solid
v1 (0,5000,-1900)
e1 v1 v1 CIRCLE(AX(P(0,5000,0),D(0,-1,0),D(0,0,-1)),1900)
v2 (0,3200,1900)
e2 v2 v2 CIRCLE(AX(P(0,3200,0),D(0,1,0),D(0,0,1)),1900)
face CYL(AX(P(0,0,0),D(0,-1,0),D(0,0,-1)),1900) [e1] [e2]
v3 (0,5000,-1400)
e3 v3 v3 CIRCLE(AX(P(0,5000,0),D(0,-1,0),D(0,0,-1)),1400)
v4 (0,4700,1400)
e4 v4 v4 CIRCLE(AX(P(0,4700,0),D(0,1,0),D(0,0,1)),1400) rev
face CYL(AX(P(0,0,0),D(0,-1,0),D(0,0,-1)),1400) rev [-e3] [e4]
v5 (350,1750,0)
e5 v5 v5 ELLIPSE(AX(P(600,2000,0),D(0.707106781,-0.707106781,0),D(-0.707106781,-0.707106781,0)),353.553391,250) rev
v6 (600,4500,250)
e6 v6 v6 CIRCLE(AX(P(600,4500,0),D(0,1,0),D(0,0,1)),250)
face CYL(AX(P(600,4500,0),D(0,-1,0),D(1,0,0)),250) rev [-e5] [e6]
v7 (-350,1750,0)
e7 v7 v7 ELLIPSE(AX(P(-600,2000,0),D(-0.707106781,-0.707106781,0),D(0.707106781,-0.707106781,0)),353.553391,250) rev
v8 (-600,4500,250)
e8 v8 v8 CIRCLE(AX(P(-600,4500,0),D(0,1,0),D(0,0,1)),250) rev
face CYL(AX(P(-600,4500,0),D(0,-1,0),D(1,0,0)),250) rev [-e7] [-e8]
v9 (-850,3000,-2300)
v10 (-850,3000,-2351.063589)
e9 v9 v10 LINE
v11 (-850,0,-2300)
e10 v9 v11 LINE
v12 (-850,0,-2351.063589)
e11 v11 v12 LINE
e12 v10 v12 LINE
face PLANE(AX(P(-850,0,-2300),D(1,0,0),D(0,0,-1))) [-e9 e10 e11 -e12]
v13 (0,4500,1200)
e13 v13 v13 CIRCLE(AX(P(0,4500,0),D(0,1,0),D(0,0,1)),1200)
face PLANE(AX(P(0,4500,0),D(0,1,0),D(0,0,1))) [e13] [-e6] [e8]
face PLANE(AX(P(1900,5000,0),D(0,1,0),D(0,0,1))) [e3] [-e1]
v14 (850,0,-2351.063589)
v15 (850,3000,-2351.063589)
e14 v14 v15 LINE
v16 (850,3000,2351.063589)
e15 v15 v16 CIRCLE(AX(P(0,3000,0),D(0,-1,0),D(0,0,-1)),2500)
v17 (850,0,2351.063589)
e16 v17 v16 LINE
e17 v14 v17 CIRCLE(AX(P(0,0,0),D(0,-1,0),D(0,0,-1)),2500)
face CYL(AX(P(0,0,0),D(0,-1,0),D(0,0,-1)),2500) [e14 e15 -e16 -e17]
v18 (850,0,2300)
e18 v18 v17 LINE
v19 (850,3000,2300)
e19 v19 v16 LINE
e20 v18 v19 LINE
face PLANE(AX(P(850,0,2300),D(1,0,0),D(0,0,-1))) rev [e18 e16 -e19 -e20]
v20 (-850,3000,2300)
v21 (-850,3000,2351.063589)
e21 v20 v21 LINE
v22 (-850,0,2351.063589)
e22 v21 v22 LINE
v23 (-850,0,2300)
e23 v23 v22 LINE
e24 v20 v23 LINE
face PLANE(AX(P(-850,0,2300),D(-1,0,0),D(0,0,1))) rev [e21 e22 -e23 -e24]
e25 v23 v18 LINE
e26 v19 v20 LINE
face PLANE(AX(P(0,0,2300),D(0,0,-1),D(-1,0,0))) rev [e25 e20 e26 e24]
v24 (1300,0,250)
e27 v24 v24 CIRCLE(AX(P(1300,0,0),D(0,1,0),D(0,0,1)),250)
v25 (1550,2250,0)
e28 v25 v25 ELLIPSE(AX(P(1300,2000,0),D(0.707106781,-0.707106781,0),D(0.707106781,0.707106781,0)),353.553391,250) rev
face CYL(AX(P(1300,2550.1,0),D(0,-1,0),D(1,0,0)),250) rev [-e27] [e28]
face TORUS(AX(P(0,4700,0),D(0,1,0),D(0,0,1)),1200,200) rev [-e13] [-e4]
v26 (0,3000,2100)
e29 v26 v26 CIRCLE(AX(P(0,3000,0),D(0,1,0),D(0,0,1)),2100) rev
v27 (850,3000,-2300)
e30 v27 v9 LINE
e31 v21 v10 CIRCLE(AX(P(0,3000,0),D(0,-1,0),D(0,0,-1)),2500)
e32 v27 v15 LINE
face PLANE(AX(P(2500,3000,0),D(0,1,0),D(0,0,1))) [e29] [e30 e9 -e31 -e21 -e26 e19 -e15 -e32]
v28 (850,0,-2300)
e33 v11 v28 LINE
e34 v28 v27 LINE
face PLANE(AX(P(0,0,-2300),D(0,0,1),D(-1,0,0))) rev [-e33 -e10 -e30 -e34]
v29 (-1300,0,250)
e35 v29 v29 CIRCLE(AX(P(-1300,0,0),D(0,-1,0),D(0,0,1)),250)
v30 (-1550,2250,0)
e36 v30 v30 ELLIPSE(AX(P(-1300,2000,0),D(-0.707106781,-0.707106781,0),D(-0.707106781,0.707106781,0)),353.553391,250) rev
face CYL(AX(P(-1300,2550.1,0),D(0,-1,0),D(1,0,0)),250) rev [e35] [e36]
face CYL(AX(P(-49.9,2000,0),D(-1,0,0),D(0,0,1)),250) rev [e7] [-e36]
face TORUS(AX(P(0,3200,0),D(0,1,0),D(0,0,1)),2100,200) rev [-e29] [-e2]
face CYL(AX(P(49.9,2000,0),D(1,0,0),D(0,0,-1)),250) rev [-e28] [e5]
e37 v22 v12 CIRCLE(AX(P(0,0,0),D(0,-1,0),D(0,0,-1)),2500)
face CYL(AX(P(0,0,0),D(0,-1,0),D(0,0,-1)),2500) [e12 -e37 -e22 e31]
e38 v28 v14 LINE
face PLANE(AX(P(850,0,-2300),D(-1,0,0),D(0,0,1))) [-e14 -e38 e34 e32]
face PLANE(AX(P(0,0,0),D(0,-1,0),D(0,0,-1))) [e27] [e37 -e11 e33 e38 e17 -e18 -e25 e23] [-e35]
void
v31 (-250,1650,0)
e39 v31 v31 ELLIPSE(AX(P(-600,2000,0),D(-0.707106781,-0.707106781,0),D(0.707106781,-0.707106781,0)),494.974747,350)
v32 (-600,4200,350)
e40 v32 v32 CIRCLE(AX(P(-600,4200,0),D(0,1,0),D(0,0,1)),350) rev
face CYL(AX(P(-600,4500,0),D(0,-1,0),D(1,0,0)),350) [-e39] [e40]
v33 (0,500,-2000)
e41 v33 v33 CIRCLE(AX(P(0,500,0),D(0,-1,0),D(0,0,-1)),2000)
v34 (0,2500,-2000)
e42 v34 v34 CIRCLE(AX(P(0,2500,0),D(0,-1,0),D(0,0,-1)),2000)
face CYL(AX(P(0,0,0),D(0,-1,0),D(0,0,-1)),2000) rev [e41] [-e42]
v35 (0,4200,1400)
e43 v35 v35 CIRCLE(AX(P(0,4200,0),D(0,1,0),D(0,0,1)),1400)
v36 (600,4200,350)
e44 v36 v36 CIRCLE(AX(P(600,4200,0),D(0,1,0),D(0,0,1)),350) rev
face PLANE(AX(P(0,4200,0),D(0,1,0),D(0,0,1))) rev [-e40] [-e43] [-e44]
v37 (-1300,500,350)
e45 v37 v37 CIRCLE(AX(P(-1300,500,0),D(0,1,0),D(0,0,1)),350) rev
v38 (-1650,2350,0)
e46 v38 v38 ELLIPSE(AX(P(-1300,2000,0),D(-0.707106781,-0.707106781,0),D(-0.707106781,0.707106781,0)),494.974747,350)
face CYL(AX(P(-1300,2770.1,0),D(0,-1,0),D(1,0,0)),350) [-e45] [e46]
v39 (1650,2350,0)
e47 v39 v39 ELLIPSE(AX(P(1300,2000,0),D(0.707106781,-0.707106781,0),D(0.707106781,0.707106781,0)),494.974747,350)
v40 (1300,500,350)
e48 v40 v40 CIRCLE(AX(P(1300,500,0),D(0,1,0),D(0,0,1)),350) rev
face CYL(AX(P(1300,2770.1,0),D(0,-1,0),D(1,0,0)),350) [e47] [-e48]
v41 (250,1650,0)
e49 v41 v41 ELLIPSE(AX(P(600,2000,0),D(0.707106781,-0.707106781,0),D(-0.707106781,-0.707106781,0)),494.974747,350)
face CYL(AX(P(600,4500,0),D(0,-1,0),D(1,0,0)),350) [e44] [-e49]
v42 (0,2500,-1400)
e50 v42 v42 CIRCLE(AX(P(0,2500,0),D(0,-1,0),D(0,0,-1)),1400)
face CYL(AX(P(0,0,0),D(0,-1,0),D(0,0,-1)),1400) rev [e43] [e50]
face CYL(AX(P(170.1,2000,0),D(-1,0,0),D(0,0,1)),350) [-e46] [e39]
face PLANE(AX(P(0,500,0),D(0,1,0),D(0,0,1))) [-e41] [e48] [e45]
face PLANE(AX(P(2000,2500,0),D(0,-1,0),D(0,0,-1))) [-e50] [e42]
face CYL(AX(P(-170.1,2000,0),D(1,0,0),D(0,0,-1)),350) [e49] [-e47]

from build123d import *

# Parameters (mm, degrees)
BOSS_EXTRUDE1_START = -300
SKETCH2_R           = 1400
BOSS_EXTRUDE1_DEPTH = 300
SKETCH3_R           = 350
SKETCH3_R_2         = 250
SKETCH5_R           = 250
CUT_EXTRUDE1_DEPTH  = 5723.76157113
SKETCH6_R           = 250
CUT_EXTRUDE2_DEPTH  = 5490.990892524
SKETCH7_W           = 1700
SKETCH7_H           = 3000
CUT_EXTRUDE3_DEPTH  = 200
FILLET1_R           = 200


with BuildPart() as part:
    # Sketch1 → Revolve1 (revolve)
    with BuildSketch(Plane.XY, mode=Mode.PRIVATE) as revolve1_sk:
        Polygon((0, 0), (2500, 0), (2500, 3000), (1900, 3000), (1900, 5000), (1400, 5000), (1400, 2500), (2000, 2500), (2000, 500), (0, 500), align=None)
    revolve(revolve1_sk.sketch.rotate(Axis((0, 0, 0), (0, 1, 0)), 90), axis=Axis((0, 0, 0), (0, 1, 0)))

    # Sketch2 → Boss-Extrude1 (add)
    with BuildSketch(Plane(origin=(0, 4500, 0), x_dir=(1, 0, 0), z_dir=(0, 1, 0)).offset(BOSS_EXTRUDE1_START)):
        with Locations(Location((0, 0, 0), (0, 0, 90))):
            Circle(SKETCH2_R)
    extrude(amount=BOSS_EXTRUDE1_DEPTH)

    # Sweep1: sweep along a path in Sketch4
    with BuildLine(Plane.XY) as sweep1_path:
        Line((600, 4500), (600, 2000))
        Line((600, 2000), (1300, 2000))
        Line((1300, 2000), (1300, 0))
    # Sketch3 → Sweep1 (sweep)
    with BuildSketch(Plane(origin=(0, 4500, 0), x_dir=(1, 0, 0), z_dir=(0, 1, 0))):
        with Locations((600, 0)):
            Circle(SKETCH3_R)
        with Locations((600, 0)):
            Circle(SKETCH3_R_2, mode=Mode.SUBTRACT)
    sweep1 = sweep(path=sweep1_path.line, transition=Transition.RIGHT)

    # Sketch5 → Cut-Extrude1 (cut, through all)
    with BuildSketch(Plane(origin=(0, 500, 0), x_dir=(1, 0, 0), z_dir=(0, 1, 0))):
        with Locations((1300, 0)):
            Circle(SKETCH5_R)
    cut_extrude1 = extrude(amount=-CUT_EXTRUDE1_DEPTH, mode=Mode.SUBTRACT)

    # Sketch6 → Cut-Extrude2 (cut, through all)
    with BuildSketch(Plane.XZ.offset(-4200)):
        with Locations(Location((600, 0, 0), (0, 0, 90))):
            Circle(SKETCH6_R)
    cut_extrude2 = extrude(amount=-CUT_EXTRUDE2_DEPTH, mode=Mode.SUBTRACT)

    # Mirror2: Sweep1, Cut-Extrude1, Cut-Extrude2 across plane
    add(sweep1.mirror(Plane(origin=(0, 0, 0), x_dir=(0, 0, 1), z_dir=(1, 0, 0))))
    add(cut_extrude1.mirror(Plane(origin=(0, 0, 0), x_dir=(0, 0, 1), z_dir=(1, 0, 0))), mode=Mode.SUBTRACT)
    add(cut_extrude2.mirror(Plane(origin=(0, 0, 0), x_dir=(0, 0, 1), z_dir=(1, 0, 0))), mode=Mode.SUBTRACT)

    # Sketch7 → Cut-Extrude3 (cut)
    with BuildSketch(Plane.XY.offset(2500)):
        with Locations((0, 1500)):
            Rectangle(SKETCH7_W, SKETCH7_H)
    cut_extrude3 = extrude(amount=-CUT_EXTRUDE3_DEPTH, mode=Mode.SUBTRACT)

    # Mirror3: Cut-Extrude3 across plane
    add(cut_extrude3.mirror(Plane.XY), mode=Mode.SUBTRACT)

    # Fillet1
    fillet1_edges = [part.edges().sort_by_distance(p)[0] for p in [
        (0, 3000, 1900),
        (0, 4500, 1400),
    ]]
    fillet(fillet1_edges, radius=FILLET1_R)


solid = part.part
